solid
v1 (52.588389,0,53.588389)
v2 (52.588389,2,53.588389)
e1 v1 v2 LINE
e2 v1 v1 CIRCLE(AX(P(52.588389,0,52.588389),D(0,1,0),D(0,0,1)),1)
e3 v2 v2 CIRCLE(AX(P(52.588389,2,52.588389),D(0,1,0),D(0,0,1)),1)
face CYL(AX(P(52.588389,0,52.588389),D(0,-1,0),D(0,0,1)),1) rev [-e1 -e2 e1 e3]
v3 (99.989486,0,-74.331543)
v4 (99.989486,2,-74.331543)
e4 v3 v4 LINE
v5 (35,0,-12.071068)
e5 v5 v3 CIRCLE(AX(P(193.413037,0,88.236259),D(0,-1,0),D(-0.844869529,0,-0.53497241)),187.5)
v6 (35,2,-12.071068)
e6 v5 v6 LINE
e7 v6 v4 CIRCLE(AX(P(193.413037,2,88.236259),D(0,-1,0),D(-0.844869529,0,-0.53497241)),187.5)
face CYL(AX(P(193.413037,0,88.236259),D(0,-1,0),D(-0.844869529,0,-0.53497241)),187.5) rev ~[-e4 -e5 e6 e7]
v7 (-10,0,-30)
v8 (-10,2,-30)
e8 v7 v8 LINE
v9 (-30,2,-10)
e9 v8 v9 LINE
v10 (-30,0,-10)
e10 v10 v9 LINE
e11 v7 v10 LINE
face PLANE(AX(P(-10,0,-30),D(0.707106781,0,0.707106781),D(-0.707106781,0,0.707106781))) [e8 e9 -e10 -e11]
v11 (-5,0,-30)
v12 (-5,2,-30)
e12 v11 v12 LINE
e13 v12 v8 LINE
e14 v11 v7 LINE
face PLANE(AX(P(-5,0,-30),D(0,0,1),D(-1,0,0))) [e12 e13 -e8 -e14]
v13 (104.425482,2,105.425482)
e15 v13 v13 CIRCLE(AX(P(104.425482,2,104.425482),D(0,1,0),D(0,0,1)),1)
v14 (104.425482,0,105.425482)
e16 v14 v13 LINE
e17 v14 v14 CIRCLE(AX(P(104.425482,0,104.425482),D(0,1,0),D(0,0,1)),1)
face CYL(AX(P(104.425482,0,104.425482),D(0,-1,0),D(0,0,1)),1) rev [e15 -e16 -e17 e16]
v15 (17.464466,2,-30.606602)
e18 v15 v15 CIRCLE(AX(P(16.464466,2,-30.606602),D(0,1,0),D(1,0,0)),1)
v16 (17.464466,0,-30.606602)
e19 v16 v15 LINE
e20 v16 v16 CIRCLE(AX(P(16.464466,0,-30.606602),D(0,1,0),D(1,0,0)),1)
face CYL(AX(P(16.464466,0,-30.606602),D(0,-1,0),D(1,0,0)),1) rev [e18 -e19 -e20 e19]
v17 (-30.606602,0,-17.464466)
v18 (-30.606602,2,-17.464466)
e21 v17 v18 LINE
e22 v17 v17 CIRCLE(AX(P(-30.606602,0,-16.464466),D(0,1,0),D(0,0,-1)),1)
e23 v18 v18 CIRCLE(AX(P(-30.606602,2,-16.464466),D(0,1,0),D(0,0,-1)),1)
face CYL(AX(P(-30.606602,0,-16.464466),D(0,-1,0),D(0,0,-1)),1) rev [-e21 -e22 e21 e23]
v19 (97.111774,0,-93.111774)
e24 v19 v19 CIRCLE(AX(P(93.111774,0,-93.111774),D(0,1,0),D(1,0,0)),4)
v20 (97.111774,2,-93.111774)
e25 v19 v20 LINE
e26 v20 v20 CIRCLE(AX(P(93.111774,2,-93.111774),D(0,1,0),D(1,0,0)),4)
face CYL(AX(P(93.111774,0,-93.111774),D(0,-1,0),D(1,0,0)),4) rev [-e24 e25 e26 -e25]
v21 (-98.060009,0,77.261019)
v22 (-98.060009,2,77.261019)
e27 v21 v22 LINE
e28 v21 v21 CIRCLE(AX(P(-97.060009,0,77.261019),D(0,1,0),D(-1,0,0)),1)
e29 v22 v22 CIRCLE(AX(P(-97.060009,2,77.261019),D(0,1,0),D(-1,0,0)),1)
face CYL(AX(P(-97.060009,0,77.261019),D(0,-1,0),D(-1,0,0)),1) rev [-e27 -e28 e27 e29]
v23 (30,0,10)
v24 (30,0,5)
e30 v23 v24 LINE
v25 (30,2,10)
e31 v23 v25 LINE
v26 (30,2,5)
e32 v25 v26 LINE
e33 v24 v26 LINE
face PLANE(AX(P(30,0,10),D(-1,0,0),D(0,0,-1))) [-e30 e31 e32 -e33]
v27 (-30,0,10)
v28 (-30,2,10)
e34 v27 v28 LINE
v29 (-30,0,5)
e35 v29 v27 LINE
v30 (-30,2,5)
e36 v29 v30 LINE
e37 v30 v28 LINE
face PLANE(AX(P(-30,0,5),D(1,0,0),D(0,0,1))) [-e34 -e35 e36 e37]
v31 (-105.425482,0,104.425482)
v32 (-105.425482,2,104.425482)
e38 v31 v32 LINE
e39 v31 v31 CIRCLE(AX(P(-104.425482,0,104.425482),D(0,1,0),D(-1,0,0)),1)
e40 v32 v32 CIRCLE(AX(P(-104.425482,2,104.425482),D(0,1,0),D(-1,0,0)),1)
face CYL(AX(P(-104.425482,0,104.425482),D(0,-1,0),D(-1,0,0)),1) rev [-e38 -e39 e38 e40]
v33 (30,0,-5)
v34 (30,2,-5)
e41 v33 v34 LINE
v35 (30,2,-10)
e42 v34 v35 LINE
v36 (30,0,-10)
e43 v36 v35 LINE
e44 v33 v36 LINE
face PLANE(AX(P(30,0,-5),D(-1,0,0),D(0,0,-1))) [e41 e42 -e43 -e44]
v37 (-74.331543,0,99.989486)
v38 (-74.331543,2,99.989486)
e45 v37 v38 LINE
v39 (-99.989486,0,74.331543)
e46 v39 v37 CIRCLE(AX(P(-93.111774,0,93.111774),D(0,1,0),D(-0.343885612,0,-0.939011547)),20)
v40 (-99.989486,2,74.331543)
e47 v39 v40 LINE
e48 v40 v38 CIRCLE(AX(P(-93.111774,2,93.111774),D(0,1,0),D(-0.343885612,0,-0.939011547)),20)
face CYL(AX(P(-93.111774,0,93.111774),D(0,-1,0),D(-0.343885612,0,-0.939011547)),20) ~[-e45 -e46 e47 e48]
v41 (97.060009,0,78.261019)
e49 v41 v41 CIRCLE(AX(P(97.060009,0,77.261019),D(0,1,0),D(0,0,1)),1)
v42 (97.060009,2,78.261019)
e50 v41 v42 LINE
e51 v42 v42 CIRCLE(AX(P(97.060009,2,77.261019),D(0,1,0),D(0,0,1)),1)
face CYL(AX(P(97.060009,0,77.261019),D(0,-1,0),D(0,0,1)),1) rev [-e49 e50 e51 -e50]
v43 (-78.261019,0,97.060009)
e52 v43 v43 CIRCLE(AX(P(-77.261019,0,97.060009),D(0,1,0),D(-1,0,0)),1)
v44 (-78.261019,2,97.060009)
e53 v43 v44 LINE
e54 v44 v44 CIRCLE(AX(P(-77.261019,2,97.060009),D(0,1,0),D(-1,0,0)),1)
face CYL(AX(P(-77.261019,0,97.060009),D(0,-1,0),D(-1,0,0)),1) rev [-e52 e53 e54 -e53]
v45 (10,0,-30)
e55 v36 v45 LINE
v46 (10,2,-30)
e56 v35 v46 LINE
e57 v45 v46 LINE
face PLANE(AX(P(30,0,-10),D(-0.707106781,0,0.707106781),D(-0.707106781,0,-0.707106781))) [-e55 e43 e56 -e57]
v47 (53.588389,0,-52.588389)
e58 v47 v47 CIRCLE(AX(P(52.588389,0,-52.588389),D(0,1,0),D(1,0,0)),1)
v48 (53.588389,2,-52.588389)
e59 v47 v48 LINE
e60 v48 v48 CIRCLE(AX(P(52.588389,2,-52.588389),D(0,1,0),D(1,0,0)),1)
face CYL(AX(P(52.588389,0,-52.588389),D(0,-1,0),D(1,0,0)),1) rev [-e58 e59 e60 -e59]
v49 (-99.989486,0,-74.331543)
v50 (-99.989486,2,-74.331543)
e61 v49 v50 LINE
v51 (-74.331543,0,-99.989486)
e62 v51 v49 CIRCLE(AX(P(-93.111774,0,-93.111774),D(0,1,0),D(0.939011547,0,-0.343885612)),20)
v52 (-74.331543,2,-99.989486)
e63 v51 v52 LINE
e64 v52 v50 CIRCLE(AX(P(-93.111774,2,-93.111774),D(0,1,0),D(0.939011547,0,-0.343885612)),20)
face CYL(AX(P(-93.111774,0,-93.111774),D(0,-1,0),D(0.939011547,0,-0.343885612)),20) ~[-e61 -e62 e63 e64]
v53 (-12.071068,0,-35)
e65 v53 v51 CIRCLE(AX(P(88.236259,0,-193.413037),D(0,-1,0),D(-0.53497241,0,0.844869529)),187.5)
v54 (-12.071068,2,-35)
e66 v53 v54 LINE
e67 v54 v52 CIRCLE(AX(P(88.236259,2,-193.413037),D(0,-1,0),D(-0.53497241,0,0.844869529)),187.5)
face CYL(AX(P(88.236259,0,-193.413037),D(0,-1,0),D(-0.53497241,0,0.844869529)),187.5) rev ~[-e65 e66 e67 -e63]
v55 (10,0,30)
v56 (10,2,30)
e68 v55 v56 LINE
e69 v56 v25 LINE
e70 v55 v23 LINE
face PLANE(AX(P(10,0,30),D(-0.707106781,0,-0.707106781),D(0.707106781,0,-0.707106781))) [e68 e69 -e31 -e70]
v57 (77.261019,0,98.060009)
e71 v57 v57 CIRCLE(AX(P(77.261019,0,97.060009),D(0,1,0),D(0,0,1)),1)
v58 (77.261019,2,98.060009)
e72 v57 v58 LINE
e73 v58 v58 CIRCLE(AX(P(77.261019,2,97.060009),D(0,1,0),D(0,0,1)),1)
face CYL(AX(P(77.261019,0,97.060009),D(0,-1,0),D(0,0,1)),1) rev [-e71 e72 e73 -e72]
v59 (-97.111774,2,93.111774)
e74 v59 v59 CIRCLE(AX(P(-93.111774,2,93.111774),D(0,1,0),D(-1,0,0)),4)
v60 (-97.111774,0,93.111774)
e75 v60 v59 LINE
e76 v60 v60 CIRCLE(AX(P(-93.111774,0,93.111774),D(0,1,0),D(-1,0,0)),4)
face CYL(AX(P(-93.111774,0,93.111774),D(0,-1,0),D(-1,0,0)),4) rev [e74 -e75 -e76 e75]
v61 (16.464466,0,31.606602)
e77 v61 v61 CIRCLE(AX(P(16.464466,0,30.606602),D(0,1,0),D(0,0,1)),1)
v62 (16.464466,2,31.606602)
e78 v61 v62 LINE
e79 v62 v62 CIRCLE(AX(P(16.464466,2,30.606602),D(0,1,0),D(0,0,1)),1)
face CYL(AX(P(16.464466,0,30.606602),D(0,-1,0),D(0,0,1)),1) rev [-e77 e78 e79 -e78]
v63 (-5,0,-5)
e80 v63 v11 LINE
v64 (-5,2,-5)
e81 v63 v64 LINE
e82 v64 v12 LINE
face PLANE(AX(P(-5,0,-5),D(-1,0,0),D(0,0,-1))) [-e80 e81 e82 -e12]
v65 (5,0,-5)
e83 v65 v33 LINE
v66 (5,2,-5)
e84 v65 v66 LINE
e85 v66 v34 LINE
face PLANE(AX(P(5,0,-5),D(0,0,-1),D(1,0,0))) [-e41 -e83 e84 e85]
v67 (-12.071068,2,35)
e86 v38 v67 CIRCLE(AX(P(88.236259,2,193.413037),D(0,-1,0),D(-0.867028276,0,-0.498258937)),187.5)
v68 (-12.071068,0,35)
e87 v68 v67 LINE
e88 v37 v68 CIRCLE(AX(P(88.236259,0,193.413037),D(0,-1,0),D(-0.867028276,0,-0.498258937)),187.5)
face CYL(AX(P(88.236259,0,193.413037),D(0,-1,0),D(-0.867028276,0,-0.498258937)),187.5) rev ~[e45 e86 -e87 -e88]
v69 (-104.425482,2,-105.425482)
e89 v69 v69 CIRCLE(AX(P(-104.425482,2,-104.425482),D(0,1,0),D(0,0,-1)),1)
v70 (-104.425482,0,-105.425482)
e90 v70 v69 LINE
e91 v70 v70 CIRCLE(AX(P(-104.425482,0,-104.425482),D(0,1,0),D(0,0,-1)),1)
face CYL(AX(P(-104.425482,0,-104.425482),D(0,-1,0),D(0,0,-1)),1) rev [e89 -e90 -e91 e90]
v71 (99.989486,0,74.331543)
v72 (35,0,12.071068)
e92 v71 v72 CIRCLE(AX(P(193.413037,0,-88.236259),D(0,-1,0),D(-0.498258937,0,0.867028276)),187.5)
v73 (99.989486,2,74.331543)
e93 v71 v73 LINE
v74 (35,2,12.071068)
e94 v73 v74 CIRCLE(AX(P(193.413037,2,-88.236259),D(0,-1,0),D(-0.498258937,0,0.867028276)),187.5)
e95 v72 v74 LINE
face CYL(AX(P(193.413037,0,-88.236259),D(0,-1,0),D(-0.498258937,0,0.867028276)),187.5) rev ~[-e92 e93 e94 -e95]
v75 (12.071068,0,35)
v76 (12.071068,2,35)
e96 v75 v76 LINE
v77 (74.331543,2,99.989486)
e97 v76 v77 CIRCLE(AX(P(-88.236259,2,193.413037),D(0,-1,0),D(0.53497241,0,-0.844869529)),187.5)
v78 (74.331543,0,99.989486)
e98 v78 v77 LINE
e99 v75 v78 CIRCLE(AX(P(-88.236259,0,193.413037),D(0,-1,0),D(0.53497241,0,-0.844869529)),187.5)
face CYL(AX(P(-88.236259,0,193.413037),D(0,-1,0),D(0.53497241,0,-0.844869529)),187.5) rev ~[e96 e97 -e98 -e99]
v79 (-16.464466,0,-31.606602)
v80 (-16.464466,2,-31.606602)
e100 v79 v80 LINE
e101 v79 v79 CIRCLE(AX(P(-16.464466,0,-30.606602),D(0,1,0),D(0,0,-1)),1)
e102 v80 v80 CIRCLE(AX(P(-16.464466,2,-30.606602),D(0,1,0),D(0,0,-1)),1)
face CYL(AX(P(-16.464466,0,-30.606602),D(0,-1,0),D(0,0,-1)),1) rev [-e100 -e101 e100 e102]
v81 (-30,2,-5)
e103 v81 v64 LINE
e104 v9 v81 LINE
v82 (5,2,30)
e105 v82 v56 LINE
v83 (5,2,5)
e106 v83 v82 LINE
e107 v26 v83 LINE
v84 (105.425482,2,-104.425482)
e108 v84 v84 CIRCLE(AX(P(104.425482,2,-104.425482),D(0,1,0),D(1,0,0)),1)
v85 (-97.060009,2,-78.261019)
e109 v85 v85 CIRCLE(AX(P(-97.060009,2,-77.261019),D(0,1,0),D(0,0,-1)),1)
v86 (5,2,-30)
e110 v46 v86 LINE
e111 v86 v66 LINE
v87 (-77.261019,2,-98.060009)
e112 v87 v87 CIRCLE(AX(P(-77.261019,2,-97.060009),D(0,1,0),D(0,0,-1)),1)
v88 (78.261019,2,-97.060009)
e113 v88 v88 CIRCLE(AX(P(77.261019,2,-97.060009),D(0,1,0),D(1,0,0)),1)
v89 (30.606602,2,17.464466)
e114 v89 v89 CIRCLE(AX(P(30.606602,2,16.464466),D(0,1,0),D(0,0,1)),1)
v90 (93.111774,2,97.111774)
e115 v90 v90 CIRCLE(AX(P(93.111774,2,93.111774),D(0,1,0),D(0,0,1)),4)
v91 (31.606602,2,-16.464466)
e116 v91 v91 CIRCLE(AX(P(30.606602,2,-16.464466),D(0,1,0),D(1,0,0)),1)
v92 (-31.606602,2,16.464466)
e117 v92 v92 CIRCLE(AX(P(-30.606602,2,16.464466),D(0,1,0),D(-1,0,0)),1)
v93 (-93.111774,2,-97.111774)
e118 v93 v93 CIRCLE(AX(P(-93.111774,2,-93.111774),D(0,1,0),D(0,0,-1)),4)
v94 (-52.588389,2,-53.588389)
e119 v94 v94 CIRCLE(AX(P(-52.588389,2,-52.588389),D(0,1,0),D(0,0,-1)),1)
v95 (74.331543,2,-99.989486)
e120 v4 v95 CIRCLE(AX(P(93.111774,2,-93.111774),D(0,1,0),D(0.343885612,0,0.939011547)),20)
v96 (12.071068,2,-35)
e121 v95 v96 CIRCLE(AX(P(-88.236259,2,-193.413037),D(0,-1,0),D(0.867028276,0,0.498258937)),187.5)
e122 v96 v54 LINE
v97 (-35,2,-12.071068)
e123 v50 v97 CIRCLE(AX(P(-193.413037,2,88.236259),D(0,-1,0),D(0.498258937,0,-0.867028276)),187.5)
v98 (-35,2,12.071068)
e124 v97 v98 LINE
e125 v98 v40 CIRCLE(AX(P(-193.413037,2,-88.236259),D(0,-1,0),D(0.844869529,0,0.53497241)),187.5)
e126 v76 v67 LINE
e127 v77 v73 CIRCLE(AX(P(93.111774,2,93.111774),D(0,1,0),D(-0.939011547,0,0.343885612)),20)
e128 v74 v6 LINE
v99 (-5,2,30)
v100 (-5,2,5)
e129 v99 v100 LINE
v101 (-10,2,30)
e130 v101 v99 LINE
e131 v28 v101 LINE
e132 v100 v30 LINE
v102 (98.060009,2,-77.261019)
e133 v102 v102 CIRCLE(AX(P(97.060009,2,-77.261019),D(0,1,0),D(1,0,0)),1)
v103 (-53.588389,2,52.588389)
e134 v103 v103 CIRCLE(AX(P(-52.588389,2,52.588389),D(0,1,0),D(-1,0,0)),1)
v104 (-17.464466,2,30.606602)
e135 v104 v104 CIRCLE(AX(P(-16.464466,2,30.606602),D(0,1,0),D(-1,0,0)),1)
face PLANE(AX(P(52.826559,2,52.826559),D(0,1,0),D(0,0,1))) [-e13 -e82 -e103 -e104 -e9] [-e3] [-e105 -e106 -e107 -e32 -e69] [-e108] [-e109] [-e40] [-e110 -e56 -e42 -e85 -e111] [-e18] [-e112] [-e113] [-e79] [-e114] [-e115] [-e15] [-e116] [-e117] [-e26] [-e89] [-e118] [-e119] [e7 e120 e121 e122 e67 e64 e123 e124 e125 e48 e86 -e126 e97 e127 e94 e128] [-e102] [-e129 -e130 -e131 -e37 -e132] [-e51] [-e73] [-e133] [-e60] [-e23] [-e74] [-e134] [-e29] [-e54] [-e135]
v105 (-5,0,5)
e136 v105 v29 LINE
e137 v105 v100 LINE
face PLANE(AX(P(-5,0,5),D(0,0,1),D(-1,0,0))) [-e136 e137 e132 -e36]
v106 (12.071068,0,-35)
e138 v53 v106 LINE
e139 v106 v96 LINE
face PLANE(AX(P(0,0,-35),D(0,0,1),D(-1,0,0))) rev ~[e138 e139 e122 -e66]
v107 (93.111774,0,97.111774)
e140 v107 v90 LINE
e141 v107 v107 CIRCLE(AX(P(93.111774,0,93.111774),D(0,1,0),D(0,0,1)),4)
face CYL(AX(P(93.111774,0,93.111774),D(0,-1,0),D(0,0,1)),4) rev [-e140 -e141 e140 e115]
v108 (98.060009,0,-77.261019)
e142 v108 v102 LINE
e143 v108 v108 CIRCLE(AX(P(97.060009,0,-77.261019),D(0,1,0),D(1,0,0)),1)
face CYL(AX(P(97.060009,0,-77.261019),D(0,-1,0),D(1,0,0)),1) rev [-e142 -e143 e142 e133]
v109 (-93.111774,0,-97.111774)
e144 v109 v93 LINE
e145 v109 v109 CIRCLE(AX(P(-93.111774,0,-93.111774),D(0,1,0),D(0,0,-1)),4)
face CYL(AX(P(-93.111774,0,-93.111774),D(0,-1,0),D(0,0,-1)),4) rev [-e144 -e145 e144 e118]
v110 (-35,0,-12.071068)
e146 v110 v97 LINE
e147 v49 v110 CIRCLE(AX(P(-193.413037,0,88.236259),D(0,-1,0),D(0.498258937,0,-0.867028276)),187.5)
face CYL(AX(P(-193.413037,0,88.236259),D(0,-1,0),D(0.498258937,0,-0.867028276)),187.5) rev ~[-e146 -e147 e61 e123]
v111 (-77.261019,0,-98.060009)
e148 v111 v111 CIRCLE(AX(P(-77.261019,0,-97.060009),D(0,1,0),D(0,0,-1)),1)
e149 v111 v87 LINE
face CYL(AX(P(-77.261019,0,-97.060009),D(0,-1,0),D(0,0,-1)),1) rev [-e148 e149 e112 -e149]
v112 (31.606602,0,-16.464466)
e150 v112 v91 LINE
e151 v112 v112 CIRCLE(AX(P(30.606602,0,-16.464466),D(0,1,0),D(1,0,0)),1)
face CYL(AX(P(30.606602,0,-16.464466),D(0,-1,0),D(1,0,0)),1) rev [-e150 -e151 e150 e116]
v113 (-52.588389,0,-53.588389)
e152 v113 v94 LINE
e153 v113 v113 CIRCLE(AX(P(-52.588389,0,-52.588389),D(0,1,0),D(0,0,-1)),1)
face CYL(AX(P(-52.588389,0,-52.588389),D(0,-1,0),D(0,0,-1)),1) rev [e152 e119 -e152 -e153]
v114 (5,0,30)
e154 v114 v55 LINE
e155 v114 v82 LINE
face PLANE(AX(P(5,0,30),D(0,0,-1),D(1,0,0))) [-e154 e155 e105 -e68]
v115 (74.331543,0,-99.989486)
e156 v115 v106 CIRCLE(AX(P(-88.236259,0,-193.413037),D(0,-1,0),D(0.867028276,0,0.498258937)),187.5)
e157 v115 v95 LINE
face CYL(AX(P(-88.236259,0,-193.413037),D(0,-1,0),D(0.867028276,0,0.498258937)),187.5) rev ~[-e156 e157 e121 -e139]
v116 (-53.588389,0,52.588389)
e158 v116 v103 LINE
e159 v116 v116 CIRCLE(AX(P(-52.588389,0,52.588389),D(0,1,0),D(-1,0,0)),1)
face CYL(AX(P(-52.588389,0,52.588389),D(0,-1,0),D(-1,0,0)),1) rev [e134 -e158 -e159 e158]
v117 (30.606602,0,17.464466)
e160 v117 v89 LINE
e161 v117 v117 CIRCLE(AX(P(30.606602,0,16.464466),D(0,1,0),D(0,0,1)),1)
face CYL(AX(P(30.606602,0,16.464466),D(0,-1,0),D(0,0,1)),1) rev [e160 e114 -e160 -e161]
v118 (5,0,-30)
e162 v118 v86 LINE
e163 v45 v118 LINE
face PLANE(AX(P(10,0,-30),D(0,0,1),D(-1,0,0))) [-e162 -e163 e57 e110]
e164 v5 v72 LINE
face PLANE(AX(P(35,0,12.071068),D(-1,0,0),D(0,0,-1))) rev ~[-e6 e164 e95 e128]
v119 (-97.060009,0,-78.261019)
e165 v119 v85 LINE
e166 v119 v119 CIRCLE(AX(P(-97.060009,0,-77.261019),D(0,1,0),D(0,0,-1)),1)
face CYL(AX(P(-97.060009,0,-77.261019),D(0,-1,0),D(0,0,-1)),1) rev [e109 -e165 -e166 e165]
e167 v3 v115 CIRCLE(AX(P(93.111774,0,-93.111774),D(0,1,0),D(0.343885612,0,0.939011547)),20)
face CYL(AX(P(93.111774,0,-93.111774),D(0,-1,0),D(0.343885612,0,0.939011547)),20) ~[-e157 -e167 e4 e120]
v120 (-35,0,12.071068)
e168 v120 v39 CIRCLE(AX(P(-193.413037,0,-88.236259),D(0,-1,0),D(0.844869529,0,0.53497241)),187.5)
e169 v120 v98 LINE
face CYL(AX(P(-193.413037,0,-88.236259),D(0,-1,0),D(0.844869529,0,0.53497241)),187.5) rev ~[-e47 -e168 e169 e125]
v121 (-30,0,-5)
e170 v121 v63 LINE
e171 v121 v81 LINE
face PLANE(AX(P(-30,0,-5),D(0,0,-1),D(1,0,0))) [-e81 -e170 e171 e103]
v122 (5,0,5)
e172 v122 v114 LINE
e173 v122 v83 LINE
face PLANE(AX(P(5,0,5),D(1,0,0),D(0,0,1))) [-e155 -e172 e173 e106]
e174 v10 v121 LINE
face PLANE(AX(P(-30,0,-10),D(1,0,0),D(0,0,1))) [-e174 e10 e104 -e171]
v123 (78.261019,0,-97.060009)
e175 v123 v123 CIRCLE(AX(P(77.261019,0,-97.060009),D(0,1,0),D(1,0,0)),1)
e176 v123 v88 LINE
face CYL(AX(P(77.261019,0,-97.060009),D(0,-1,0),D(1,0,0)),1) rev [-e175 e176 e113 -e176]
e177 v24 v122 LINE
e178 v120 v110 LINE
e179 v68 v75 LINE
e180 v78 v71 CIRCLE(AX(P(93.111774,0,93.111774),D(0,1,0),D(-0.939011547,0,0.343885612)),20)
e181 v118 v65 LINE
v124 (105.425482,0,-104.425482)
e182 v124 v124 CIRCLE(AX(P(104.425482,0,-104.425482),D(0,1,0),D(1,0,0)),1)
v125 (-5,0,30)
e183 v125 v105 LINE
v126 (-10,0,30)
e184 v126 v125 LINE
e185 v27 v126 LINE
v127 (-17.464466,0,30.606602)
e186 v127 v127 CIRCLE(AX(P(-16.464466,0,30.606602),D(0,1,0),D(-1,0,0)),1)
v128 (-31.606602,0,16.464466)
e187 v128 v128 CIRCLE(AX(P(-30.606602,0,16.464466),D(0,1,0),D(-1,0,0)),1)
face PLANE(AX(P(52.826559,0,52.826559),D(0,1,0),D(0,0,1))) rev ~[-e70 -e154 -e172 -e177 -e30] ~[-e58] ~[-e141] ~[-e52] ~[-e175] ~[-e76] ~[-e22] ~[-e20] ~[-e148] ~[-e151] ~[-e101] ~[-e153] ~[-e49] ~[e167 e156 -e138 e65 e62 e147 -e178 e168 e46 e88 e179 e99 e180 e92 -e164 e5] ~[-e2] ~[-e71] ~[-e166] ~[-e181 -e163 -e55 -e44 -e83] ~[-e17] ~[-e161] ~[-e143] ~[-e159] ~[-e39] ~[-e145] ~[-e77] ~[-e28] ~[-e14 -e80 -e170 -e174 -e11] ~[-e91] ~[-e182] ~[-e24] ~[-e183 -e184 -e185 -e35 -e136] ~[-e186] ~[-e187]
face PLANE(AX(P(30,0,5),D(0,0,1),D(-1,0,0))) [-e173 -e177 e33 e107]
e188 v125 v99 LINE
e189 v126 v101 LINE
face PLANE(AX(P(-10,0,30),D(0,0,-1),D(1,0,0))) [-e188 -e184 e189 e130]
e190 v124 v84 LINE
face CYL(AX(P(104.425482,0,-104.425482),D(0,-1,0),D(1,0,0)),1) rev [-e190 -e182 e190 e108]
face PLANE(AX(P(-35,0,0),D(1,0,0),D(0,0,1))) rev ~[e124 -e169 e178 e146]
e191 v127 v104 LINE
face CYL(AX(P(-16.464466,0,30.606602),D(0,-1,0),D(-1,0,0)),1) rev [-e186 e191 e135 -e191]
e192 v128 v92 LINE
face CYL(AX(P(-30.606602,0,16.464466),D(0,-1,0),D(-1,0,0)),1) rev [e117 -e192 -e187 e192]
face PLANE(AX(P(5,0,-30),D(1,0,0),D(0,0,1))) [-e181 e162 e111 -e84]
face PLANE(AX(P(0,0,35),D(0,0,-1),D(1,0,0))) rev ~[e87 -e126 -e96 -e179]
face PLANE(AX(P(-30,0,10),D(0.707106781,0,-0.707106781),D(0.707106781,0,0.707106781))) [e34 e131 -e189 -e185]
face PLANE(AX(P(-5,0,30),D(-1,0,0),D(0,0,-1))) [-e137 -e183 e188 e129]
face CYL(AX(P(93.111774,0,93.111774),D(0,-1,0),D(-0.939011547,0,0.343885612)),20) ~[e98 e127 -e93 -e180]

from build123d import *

# Parameters (mm, degrees)
SKETCH2_R           = 4
SKETCH2_R_2         = 1
BOSS_EXTRUDE1_DEPTH = 2
CIRPATTERN1_COUNT   = 4


with BuildPart() as part:
    # Sketch2 → Boss-Extrude1 (new body)
    with BuildSketch(Plane(origin=(0, 0, 0), x_dir=(1, 0, 0), z_dir=(0, 1, 0))):
        with BuildLine():
            Line((0, 0), (35, 0))
            Line((35, 0), (35, 12.071067812))
            ThreePointArc((35, 12.071067812), (63.703714022, 47.158503121), (99.989485852, 74.331542663))
            ThreePointArc((99.989485852, 74.331542663), (107.253909229, 107.253909229), (74.331542663, 99.989485852))
            ThreePointArc((74.331542663, 99.989485852), (47.158503121, 63.703714022), (12.071067812, 35))
            Line((12.071067812, 35), (0, 35))
            Line((0, 35), (0, 0))
        make_face()
        with Locations((93.111773605, 93.111773605)):
            Circle(SKETCH2_R, mode=Mode.SUBTRACT)
        with Locations((52.588388778, 52.588388778)):
            Circle(SKETCH2_R_2, mode=Mode.SUBTRACT)
        with Locations((16.464466094, 30.606601718)):
            Circle(SKETCH2_R_2, mode=Mode.SUBTRACT)
        with Locations((30.606601718, 16.464466094)):
            Circle(SKETCH2_R_2, mode=Mode.SUBTRACT)
        with Locations((97.060009194, 77.261019321)):
            Circle(SKETCH2_R_2, mode=Mode.SUBTRACT)
        with Locations((77.261019321, 97.060009194)):
            Circle(SKETCH2_R_2, mode=Mode.SUBTRACT)
        with Locations((104.425482104, 104.425482104)):
            Circle(SKETCH2_R_2, mode=Mode.SUBTRACT)
        Polygon((5, 30), (5, 5), (30, 5), (30, 10), (10, 30), align=None, mode=Mode.SUBTRACT)
    boss_extrude1 = extrude(amount=BOSS_EXTRUDE1_DEPTH)

    # CirPattern1: Boss-Extrude1 ×4 about axis
    cirpattern1_axis = Axis((0, 0, 0), (0, 1, 0))
    for i in range(1, CIRPATTERN1_COUNT):
        add(boss_extrude1.rotate(cirpattern1_axis, i * 360 / CIRPATTERN1_COUNT))


solid = part.part
